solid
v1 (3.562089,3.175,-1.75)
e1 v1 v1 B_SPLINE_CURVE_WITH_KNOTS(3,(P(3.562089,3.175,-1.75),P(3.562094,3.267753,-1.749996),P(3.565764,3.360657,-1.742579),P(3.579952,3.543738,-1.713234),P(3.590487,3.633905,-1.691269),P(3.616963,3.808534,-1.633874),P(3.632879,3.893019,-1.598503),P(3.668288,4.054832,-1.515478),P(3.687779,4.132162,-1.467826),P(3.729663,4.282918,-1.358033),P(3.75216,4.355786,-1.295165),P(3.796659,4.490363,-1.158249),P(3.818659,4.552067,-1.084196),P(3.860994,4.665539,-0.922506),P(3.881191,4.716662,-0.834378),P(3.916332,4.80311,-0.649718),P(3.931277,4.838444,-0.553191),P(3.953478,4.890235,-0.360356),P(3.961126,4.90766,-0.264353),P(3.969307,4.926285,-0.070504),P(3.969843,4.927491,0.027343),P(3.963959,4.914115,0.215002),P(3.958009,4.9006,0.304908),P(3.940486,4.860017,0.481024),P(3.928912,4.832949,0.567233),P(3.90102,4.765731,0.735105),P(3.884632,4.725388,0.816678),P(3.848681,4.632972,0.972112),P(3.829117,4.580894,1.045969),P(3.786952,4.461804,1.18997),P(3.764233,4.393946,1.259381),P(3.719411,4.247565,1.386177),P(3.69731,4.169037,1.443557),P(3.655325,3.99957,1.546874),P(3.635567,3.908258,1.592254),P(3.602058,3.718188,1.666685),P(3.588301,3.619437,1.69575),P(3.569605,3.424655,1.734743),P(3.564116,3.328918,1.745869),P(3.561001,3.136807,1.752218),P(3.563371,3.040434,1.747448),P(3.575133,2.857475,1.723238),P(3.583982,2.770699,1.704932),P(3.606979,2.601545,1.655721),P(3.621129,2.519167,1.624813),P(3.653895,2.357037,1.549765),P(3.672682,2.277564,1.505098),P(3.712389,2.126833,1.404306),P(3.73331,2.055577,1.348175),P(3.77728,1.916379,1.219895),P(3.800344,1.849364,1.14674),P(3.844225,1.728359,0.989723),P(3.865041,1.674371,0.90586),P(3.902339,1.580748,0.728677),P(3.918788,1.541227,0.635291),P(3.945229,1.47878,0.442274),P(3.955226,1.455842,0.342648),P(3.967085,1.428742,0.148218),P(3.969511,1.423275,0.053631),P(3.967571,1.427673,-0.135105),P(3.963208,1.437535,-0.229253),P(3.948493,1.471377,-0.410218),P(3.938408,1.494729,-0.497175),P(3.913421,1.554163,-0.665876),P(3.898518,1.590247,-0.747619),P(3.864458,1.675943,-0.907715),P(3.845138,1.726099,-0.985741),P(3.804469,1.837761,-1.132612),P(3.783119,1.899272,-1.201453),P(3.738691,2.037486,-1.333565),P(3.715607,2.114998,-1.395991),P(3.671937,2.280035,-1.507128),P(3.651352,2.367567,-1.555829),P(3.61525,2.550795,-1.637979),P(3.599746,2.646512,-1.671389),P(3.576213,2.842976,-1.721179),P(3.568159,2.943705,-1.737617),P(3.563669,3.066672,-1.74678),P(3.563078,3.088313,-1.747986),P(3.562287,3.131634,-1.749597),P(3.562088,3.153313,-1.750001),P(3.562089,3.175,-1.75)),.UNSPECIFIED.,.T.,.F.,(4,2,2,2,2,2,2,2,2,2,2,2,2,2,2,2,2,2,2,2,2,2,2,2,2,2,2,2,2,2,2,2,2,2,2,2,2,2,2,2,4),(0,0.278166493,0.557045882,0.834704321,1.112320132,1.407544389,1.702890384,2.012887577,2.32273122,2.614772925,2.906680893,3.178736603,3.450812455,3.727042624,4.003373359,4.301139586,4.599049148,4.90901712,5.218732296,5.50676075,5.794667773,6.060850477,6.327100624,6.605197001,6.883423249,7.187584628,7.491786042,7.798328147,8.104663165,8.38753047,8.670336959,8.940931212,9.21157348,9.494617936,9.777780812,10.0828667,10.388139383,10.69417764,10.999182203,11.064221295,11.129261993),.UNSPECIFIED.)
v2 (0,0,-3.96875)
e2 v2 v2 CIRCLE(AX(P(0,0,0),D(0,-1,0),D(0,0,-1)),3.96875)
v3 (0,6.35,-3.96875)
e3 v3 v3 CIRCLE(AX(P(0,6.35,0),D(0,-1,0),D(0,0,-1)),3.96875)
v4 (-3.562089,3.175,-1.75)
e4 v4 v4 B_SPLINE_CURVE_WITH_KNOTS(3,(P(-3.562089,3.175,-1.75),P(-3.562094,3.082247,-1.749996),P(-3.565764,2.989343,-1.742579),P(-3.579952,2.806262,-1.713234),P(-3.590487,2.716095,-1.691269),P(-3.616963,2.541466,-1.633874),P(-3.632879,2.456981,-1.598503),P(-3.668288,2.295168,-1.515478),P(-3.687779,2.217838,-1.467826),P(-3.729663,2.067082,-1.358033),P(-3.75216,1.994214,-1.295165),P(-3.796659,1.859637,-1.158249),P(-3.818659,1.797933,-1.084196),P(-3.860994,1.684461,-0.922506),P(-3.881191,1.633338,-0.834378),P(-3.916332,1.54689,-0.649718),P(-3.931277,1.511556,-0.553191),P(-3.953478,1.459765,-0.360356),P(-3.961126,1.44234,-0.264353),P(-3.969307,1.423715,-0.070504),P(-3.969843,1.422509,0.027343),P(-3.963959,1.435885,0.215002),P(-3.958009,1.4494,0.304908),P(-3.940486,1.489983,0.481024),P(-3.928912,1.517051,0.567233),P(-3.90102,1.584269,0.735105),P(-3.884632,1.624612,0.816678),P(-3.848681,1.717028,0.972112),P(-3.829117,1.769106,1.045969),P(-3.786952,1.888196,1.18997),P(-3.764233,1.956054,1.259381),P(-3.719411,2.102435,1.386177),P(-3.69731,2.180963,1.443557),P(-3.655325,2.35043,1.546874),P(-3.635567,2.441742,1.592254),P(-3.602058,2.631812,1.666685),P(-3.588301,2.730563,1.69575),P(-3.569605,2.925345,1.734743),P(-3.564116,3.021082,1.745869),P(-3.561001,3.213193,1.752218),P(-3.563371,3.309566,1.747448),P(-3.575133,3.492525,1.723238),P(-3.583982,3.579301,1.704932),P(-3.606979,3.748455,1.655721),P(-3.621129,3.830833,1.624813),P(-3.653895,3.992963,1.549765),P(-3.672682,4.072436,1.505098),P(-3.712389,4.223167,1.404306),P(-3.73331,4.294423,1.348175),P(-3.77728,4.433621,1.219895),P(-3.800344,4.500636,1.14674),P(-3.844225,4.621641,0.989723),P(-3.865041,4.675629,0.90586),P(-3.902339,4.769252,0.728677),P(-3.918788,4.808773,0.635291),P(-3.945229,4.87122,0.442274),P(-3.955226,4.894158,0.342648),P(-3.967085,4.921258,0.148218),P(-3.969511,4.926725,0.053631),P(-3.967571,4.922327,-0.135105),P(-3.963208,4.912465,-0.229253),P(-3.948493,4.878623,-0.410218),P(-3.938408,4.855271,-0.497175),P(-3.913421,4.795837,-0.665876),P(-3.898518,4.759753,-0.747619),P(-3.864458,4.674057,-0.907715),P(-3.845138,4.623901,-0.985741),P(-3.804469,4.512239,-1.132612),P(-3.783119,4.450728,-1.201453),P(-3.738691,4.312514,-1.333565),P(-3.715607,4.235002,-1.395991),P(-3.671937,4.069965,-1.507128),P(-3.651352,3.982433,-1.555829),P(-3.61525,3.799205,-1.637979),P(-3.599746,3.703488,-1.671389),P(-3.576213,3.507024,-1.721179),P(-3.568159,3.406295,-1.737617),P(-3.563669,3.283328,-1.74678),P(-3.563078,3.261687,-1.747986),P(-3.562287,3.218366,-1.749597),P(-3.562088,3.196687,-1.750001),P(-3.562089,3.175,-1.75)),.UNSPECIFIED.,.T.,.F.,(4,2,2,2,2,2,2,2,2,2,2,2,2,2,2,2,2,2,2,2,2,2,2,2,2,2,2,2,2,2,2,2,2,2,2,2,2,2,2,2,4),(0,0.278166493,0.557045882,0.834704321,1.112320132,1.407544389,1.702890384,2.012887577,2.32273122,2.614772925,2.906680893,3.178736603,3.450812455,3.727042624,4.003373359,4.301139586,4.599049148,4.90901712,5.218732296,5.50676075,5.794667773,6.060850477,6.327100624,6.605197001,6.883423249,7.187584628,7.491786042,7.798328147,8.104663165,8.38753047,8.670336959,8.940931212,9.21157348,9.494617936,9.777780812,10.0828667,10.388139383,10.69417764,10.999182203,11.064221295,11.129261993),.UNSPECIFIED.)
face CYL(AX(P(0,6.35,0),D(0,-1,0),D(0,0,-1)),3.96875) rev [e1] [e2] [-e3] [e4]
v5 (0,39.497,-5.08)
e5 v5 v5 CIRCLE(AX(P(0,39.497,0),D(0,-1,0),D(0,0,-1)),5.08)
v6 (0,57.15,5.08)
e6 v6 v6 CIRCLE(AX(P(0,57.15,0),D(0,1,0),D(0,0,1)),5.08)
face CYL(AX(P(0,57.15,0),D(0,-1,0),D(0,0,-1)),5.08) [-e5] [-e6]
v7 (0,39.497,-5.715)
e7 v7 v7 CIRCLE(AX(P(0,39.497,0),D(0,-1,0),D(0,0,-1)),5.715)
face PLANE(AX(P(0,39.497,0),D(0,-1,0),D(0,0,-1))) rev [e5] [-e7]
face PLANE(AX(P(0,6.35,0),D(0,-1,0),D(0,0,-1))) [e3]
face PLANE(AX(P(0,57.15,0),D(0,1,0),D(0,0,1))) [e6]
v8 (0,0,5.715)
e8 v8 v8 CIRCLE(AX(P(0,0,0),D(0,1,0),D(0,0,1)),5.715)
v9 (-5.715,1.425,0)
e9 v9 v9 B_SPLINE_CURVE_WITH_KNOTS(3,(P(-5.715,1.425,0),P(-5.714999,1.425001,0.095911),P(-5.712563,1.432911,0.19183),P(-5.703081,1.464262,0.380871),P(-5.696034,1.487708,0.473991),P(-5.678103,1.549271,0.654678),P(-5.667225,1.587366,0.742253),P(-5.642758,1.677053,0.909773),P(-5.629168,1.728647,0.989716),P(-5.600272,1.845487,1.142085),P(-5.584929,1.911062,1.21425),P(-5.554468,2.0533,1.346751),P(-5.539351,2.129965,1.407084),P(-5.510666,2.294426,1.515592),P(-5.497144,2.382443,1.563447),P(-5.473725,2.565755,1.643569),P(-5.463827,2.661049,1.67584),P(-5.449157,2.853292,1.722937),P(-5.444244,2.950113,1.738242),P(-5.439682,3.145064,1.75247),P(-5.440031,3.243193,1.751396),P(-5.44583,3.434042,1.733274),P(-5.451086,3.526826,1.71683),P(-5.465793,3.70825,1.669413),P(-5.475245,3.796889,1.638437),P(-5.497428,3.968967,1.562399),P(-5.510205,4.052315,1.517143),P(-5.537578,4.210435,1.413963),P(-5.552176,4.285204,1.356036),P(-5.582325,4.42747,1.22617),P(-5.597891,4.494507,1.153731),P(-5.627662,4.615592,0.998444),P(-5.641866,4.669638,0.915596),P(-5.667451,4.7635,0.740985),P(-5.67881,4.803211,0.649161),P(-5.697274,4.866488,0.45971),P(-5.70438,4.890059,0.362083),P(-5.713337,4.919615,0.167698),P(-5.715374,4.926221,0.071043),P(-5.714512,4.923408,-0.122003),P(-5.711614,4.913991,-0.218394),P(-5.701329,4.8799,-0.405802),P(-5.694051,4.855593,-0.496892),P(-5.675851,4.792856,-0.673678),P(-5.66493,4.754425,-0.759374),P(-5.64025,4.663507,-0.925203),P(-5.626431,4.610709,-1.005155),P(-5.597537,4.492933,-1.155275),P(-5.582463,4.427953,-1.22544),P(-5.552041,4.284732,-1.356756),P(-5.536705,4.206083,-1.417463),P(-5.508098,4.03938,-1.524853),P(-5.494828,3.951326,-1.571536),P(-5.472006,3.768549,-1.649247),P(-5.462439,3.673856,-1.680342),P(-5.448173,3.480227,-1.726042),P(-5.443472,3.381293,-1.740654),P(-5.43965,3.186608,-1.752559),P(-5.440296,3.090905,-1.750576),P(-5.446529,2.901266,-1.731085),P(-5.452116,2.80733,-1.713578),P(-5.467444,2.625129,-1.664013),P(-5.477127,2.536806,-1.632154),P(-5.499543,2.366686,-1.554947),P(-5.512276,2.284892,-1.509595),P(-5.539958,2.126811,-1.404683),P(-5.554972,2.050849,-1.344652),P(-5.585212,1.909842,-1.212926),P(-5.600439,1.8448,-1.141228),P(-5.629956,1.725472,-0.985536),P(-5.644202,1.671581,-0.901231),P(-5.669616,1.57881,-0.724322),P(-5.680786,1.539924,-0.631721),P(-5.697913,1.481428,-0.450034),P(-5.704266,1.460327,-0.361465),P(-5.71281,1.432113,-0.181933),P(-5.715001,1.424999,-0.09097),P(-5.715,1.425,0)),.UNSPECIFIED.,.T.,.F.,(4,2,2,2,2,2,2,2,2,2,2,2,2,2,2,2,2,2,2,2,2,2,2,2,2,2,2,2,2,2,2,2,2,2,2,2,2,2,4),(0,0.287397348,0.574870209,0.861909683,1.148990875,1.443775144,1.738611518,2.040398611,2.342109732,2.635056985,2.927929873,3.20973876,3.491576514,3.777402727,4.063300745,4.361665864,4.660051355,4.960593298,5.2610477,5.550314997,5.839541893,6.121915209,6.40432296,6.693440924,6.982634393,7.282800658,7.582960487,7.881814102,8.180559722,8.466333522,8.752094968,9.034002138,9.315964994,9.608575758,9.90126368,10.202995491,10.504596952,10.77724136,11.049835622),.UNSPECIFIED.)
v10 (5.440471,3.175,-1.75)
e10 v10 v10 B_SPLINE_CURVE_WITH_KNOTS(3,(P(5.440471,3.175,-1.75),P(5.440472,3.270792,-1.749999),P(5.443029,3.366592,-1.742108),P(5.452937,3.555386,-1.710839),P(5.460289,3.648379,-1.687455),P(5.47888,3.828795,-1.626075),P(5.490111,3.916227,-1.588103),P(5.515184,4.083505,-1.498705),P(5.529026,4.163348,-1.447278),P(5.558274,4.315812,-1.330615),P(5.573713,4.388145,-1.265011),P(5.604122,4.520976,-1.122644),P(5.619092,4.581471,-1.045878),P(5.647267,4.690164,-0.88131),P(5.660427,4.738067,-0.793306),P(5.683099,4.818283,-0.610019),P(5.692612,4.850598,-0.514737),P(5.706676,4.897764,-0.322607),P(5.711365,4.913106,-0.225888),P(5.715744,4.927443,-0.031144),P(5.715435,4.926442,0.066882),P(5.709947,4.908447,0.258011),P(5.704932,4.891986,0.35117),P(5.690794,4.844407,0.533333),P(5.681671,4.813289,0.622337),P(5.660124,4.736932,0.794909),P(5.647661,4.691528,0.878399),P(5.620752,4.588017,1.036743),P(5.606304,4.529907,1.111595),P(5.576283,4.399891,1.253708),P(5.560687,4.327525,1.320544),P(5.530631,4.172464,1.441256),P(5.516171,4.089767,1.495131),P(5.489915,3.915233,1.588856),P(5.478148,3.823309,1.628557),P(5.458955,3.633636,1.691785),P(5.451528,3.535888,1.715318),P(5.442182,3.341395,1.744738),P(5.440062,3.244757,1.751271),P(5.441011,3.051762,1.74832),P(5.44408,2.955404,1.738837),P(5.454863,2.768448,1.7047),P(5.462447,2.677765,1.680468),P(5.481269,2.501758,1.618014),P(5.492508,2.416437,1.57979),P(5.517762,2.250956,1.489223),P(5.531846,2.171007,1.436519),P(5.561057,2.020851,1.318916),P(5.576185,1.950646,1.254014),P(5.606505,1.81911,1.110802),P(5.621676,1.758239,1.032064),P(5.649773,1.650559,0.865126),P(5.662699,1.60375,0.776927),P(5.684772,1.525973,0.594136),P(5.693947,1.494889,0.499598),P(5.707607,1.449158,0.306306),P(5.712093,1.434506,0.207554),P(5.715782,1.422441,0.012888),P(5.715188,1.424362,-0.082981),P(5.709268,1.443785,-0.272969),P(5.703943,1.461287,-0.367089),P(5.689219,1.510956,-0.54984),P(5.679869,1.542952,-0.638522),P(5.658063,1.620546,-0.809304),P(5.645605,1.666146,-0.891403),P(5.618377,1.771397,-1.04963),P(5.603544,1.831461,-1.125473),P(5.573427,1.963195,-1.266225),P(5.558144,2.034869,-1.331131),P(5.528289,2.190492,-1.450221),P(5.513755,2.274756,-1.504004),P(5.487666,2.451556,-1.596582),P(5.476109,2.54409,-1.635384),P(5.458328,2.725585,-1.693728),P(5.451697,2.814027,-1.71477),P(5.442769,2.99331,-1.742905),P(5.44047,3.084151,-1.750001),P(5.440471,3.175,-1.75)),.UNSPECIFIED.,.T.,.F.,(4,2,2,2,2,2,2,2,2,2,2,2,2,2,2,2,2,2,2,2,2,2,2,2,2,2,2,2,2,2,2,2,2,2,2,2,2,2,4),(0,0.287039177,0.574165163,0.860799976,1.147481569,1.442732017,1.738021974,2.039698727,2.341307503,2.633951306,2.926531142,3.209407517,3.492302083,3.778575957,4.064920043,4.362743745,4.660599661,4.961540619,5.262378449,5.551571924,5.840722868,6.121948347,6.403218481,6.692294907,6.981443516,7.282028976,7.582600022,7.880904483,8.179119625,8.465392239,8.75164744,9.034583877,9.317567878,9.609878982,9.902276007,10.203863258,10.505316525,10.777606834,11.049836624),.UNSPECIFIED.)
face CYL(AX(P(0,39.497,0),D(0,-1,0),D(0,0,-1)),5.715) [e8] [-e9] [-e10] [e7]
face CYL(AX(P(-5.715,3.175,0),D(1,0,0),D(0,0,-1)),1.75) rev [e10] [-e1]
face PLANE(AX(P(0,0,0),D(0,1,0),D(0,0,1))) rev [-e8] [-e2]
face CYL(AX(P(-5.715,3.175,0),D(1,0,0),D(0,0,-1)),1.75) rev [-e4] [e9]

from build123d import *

# Parameters (mm, degrees)
BOSS_EXTRUDE1_DEPTH      = 57.15
BOSS_EXTRUDE2_DEPTH      = 57.15
BOSS_EXTRUDE3_START      = -6.35
BOSS_EXTRUDE3_DEPTH      = 6.35
SKETCH5_R                = 3.96875
CUT_EXTRUDE1_DEPTH       = 6.35
BOSS_EXTRUDE4_DEPTH      = 6.35
BOSS_EXTRUDE4_DEPTH_BACK = 33.147
SKETCH7_R                = 5.715
SKETCH7_R_2              = 3.96875
CUT_EXTRUDE2_DEPTH       = 59.440702853
CUT_EXTRUDE2_DEPTH_BACK  = 59.440702853
SKETCH6_R                = 1.75


with BuildPart() as part:
    # Sketch1 → Boss-Extrude1 (new body)
    with BuildSketch(Plane(origin=(0, 0, 0), x_dir=(1, 0, 0), z_dir=(0, 1, 0))):
        with BuildLine():
            Line((-4.099560952, 3), (4.099560952, 3))
            ThreePointArc((4.099560952, 3), (0, -5.08), (-4.099560952, 3))
        make_face()
    extrude(amount=BOSS_EXTRUDE1_DEPTH)

    # Sketch3 → Boss-Extrude2 (add)
    with BuildSketch(Plane.XZ):
        with BuildLine():
            Line((-4.099560952, -3), (4.099560952, -3))
            ThreePointArc((4.099560952, -3), (0, -5.08), (-4.099560952, -3))
        make_face()
    extrude(amount=-BOSS_EXTRUDE2_DEPTH)

    # Sketch4 → Boss-Extrude3 (add)
    with BuildSketch(Plane(origin=(0, 57.15, 0), x_dir=(1, 0, 0), z_dir=(0, 1, 0)).offset(BOSS_EXTRUDE3_START)):
        with BuildLine():
            Line((-4.099560952, 3), (4.099560952, 3))
            ThreePointArc((4.099560952, 3), (0, 5.08), (-4.099560952, 3))
        make_face()
    extrude(amount=BOSS_EXTRUDE3_DEPTH)

    # Sketch5 → Cut-Extrude1 (cut)
    with BuildSketch(Plane.XZ):
        with Locations(Location((0, 0, 0), (0, 0, 270))):
            Circle(SKETCH5_R)
    extrude(amount=-CUT_EXTRUDE1_DEPTH, mode=Mode.SUBTRACT)

    # Sketch7 → Boss-Extrude4 (add, two sides: drawn at the far end of the back side and taken through both)
    with BuildSketch(Plane(origin=(0, 6.35, 0), x_dir=(-1, 0, 0), z_dir=(0, -1, 0)).offset(-BOSS_EXTRUDE4_DEPTH_BACK)):
        with Locations(Location((0, 0, 0), (0, 0, 90))):
            Circle(SKETCH7_R)
        with Locations(Location((0, 0, 0), (0, 0, 90))):
            Circle(SKETCH7_R_2, mode=Mode.SUBTRACT)
    extrude(amount=BOSS_EXTRUDE4_DEPTH + BOSS_EXTRUDE4_DEPTH_BACK)

    # Sketch6 → Cut-Extrude2 (cut, two sides: drawn at the far end of the back side and taken through both)
    with BuildSketch(Plane(origin=(5.08, 0, 0), x_dir=(0, 0, -1), z_dir=(1, 0, 0)).offset(-CUT_EXTRUDE2_DEPTH_BACK)):
        with Locations((0, 3.175)):
            Circle(SKETCH6_R)
    extrude(amount=CUT_EXTRUDE2_DEPTH + CUT_EXTRUDE2_DEPTH_BACK, mode=Mode.SUBTRACT)


solid = part.part
